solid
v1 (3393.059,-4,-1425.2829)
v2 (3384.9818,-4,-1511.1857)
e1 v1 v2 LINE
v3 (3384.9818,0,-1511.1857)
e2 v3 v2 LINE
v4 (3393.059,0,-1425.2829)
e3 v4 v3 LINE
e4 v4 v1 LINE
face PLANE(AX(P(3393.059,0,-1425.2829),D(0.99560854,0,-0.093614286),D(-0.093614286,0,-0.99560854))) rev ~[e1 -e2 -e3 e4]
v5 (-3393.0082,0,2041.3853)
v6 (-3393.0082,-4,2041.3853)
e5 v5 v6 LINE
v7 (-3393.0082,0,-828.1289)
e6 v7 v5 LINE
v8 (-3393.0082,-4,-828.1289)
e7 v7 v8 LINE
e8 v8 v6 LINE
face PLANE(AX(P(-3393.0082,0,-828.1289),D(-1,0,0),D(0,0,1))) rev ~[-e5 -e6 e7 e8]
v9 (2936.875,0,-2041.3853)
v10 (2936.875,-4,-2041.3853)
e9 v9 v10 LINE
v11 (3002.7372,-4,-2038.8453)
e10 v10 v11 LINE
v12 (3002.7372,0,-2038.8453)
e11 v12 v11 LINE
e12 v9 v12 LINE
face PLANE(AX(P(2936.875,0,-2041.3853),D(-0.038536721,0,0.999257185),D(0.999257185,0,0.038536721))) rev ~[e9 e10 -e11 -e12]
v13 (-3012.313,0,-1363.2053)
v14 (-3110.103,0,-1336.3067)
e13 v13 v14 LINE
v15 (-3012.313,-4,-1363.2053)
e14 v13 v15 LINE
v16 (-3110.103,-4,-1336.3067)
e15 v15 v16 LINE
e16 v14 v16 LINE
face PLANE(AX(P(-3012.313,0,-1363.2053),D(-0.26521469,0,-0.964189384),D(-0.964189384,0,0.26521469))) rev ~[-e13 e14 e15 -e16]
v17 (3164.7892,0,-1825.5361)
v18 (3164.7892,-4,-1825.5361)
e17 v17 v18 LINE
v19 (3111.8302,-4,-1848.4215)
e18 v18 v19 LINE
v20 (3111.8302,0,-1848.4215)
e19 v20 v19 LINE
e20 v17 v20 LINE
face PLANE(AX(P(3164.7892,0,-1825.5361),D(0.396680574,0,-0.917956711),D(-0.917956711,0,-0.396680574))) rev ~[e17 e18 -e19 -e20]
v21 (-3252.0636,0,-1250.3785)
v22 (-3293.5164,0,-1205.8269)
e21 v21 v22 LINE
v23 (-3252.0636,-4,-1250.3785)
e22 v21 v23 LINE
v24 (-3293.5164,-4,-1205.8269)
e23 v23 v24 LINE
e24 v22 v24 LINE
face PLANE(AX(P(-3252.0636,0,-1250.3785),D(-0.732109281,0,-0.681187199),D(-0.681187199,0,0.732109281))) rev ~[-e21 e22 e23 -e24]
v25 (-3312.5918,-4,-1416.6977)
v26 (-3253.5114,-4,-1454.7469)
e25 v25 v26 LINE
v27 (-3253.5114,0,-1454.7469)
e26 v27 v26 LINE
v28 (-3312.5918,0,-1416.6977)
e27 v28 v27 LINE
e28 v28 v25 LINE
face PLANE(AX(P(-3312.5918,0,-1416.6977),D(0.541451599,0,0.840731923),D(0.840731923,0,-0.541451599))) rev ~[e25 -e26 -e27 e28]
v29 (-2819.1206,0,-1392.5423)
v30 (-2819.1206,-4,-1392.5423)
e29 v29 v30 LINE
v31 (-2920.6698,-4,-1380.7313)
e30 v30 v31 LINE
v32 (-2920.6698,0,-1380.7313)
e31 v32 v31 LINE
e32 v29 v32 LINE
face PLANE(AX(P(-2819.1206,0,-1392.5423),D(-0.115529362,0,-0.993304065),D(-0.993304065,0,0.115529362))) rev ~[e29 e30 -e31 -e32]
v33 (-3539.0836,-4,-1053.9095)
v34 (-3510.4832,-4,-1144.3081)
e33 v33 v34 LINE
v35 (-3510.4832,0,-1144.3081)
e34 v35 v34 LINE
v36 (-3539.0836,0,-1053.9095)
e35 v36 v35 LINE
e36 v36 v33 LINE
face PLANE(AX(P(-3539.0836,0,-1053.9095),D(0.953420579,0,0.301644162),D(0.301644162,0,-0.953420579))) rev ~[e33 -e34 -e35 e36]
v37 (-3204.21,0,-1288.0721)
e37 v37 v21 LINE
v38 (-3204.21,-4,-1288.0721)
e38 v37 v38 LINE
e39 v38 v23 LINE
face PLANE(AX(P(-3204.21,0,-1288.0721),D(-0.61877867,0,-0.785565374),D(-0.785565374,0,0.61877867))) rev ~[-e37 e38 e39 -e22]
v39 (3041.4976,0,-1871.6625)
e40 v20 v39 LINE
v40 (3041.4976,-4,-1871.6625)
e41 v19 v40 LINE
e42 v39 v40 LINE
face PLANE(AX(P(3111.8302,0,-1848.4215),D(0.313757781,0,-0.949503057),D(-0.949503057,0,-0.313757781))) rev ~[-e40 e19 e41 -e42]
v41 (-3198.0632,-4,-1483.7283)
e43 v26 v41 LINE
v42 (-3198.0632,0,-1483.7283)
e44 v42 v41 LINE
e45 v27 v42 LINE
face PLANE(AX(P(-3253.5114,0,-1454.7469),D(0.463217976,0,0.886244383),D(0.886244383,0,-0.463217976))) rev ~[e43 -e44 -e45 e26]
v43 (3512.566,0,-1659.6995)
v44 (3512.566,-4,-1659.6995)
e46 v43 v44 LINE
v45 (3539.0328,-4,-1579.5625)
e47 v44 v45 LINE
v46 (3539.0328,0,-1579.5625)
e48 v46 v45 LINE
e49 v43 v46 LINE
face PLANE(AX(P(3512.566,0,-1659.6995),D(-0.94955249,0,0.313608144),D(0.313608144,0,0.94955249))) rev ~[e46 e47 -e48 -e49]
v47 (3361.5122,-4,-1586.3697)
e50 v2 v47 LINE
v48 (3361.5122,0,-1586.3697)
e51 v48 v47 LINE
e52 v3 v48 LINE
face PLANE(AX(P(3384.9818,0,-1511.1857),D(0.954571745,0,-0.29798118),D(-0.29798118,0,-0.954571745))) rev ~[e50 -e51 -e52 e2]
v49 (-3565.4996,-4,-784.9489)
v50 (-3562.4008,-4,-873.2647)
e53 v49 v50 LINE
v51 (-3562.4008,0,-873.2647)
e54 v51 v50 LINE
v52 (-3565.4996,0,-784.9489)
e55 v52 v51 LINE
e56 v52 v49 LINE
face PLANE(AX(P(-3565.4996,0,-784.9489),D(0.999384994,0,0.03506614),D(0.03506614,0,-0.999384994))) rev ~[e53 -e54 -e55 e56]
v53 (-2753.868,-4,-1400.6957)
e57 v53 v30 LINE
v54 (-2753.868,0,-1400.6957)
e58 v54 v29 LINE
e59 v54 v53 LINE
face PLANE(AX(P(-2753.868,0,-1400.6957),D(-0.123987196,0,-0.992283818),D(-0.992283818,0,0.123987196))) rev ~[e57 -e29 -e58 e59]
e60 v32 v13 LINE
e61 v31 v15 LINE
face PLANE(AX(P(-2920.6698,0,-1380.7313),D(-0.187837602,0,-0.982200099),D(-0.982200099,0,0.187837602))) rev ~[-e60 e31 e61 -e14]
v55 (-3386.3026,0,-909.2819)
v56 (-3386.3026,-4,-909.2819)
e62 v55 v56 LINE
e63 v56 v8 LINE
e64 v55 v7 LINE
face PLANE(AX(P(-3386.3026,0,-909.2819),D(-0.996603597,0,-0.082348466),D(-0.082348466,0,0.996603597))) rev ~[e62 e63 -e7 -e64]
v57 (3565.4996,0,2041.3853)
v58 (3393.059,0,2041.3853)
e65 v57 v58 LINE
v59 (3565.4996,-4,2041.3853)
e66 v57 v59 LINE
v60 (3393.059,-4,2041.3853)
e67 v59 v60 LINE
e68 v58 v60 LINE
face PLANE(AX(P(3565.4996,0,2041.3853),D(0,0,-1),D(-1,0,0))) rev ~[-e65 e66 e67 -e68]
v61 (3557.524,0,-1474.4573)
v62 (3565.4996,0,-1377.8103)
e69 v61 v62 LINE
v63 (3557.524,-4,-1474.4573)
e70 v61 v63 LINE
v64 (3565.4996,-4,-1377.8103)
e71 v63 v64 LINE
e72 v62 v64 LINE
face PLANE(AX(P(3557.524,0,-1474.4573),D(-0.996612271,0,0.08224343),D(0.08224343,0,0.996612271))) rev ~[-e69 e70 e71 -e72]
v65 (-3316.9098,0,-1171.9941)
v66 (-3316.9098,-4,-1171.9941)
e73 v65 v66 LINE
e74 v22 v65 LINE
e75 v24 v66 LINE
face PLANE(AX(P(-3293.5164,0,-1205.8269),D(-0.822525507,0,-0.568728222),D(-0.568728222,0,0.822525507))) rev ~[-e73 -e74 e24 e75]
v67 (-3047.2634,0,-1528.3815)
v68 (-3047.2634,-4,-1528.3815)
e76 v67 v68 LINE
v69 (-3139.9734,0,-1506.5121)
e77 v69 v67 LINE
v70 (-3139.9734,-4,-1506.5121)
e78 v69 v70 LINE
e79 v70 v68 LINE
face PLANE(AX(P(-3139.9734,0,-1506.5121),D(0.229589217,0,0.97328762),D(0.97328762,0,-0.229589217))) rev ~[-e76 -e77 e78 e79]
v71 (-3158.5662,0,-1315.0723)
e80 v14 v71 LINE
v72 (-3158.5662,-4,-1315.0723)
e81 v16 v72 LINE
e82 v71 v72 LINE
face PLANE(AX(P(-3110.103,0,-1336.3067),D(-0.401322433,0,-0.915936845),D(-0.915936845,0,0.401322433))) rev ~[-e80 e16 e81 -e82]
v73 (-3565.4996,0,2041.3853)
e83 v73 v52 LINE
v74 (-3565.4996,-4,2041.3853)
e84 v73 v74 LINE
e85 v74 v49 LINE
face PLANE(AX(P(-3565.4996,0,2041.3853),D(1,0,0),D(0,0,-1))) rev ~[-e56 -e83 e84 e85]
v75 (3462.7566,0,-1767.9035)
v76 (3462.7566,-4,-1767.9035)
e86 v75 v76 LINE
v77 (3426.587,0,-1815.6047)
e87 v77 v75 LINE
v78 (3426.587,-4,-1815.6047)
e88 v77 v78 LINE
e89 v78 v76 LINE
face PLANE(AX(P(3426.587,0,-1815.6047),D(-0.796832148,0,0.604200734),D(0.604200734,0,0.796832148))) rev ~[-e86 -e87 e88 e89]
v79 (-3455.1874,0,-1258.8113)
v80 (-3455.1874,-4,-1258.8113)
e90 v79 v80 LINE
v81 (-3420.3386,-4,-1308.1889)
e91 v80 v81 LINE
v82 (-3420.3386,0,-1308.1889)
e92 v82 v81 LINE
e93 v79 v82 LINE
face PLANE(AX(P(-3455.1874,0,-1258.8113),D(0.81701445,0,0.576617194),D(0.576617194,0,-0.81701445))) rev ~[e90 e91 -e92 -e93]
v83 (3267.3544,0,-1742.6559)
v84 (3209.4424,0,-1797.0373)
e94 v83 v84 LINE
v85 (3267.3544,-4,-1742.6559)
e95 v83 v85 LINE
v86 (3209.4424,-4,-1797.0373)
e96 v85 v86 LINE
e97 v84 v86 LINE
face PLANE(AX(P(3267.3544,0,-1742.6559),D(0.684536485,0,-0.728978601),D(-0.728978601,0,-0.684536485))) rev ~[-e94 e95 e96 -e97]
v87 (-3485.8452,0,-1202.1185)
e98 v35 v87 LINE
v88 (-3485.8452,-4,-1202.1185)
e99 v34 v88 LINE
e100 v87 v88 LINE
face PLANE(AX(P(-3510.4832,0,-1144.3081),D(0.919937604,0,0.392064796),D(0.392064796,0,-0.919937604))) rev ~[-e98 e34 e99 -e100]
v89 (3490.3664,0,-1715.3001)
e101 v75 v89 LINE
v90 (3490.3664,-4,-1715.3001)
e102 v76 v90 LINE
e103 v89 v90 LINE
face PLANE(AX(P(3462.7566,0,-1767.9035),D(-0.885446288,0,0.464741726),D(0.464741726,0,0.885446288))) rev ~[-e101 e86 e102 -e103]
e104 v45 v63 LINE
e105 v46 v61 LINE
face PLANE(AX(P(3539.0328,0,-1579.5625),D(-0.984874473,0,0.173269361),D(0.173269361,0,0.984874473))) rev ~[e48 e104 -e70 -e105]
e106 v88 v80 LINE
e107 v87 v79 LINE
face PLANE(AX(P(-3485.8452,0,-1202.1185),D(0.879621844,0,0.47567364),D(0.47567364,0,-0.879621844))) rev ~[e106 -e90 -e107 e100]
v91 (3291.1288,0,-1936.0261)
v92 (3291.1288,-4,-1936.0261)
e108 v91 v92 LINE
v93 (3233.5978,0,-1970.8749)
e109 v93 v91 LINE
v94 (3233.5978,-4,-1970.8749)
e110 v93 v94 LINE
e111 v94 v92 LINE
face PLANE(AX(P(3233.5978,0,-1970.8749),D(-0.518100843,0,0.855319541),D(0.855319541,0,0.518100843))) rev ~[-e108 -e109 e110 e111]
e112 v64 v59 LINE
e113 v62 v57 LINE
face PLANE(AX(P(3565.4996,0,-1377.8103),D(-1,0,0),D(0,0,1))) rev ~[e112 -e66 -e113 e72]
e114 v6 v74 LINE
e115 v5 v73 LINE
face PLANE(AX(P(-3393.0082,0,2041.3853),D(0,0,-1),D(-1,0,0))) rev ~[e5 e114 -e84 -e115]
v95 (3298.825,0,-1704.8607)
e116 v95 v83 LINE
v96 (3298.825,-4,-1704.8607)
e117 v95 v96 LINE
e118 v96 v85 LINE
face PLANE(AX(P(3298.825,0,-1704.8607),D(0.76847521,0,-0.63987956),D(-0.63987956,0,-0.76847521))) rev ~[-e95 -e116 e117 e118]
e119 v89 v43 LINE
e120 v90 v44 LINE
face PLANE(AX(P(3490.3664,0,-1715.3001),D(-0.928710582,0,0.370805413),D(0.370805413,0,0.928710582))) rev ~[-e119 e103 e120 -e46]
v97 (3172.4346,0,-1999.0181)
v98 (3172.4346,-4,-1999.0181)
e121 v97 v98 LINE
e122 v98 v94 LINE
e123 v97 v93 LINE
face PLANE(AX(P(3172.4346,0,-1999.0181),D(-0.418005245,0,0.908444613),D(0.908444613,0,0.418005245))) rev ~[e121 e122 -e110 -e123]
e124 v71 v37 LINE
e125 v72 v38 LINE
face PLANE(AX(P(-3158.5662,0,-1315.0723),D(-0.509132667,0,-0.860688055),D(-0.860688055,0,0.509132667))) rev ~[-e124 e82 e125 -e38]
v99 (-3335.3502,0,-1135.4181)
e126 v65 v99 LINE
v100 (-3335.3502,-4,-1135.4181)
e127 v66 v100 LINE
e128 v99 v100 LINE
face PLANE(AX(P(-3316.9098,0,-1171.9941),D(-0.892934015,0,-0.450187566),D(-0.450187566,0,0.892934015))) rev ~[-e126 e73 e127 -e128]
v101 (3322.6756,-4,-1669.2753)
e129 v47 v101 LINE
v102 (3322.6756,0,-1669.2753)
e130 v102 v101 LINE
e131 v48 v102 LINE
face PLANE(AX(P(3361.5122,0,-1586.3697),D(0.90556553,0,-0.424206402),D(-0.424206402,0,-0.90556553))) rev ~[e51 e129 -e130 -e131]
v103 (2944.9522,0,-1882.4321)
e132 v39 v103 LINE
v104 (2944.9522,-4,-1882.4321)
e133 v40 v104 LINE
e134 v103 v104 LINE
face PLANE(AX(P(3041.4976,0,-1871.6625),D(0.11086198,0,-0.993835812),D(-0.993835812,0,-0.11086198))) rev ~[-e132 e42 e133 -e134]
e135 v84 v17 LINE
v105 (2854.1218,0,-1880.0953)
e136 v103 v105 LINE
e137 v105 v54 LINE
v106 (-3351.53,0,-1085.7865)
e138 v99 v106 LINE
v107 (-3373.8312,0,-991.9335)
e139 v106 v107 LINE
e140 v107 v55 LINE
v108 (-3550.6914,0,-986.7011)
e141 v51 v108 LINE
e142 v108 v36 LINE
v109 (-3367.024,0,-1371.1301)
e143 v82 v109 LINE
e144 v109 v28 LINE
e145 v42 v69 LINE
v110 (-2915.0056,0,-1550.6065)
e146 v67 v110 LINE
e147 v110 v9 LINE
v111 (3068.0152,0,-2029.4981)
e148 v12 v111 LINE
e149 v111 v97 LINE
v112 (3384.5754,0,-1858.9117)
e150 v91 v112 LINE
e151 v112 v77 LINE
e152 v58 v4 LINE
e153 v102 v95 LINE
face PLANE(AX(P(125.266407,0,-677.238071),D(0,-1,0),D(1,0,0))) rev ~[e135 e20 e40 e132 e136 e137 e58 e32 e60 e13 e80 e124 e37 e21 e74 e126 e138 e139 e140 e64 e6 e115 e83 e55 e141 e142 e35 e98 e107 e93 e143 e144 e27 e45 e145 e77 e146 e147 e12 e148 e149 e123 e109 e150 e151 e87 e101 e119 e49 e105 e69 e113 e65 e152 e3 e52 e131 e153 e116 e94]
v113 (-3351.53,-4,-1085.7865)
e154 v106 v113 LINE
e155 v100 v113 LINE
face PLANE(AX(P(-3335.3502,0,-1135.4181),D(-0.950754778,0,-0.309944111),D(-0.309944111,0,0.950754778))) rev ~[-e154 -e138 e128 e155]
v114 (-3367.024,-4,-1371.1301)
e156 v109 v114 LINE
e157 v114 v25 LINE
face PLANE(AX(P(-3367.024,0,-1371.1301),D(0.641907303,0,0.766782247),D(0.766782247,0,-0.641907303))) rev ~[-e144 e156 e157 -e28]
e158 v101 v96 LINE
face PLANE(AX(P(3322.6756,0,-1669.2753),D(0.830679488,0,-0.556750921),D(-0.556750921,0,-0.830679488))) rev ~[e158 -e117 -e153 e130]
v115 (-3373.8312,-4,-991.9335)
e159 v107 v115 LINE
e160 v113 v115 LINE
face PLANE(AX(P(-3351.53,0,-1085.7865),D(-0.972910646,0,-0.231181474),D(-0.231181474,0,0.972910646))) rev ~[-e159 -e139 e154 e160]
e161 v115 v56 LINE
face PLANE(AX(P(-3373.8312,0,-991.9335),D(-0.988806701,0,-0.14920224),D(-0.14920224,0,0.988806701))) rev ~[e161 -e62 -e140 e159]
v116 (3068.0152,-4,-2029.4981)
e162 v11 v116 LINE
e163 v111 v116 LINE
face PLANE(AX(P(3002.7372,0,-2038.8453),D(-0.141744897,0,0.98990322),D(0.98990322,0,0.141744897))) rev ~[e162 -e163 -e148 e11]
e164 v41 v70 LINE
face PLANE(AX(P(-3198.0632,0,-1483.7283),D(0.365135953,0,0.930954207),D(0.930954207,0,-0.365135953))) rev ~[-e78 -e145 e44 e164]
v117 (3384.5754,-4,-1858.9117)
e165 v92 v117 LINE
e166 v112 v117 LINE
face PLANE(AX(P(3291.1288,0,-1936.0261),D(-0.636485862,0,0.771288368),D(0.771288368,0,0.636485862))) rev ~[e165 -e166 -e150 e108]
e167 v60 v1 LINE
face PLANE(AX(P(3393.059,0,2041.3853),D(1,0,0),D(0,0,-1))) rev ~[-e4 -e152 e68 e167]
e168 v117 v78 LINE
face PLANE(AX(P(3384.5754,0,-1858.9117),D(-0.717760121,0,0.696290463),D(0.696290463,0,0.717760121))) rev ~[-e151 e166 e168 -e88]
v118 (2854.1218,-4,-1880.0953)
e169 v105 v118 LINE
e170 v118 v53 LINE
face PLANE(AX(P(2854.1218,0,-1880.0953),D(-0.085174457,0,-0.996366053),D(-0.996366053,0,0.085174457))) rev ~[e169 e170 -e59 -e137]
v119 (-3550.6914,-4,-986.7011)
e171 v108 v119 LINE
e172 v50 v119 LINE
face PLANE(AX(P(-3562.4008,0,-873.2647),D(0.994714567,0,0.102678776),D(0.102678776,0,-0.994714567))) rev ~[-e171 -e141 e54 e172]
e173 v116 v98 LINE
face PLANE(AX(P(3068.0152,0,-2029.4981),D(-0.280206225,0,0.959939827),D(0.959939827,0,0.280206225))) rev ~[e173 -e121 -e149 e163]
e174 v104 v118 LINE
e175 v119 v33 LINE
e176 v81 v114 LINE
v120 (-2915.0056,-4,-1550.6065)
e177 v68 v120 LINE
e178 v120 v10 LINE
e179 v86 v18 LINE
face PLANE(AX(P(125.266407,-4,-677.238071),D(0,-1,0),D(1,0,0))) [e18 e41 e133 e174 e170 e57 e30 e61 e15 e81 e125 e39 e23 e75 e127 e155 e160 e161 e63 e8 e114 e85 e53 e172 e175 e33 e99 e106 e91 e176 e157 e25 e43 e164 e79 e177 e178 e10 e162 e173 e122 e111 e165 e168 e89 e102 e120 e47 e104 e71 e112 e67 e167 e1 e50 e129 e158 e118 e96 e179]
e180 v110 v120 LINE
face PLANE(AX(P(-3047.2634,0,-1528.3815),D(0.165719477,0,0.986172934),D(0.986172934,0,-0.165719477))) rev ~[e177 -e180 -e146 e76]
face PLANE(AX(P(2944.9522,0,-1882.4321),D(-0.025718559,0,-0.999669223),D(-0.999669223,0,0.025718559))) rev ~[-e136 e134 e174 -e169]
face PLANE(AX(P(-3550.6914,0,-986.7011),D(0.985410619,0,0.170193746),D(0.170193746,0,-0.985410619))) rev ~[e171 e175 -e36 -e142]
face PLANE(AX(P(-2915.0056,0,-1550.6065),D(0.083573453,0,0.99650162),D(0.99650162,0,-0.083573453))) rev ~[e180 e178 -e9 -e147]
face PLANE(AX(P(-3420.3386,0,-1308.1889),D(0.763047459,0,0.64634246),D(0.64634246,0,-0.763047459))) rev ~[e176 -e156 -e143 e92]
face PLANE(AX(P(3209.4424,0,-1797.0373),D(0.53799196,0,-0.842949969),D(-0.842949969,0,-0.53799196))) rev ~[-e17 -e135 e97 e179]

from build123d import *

# Parameters (mm, degrees)
F1_DEPTH = 4


with BuildPart() as f1:
    # F0 (on Front) → F1 (new body)
    with BuildSketch(Plane.XZ):
        Polygon((-3393.0082, 2041.3853), (-3565.4996, 2041.3853), (-3565.4996, -784.9489), (-3562.4008, -873.2647), (-3550.6914, -986.7011), (-3539.0836, -1053.9095), (-3510.4832, -1144.3081), (-3485.8452, -1202.1185), (-3455.1874, -1258.8113), (-3420.3386, -1308.1889), (-3367.024, -1371.1301), (-3312.5918, -1416.6977), (-3253.5114, -1454.7469), (-3198.0632, -1483.7283), (-3139.9734, -1506.5121), (-3047.2634, -1528.3815), (-2915.0056, -1550.6065), (2936.875, -2041.3853), (3002.7372, -2038.8453), (3068.0152, -2029.4981), (3172.4346, -1999.0181), (3233.5978, -1970.8749), (3291.1288, -1936.0261), (3384.5754, -1858.9117), (3426.587, -1815.6047), (3462.7566, -1767.9035), (3490.3664, -1715.3001), (3512.566, -1659.6995), (3539.0328, -1579.5625), (3557.524, -1474.4573), (3565.4996, -1377.8103), (3565.4996, 2041.3853), (3393.059, 2041.3853), (3393.059, -1425.2829), (3384.9818, -1511.1857), (3361.5122, -1586.3697), (3322.6756, -1669.2753), (3298.825, -1704.8607), (3267.3544, -1742.6559), (3209.4424, -1797.0373), (3164.7892, -1825.5361), (3111.8302, -1848.4215), (3041.4976, -1871.6625), (2944.9522, -1882.4321), (2854.1218, -1880.0953), (-2753.868, -1400.6957), (-2819.1206, -1392.5423), (-2920.6698, -1380.7313), (-3012.313, -1363.2053), (-3110.103, -1336.3067), (-3158.5662, -1315.0723), (-3204.21, -1288.0721), (-3252.0636, -1250.3785), (-3293.5164, -1205.8269), (-3316.9098, -1171.9941), (-3335.3502, -1135.4181), (-3351.53, -1085.7865), (-3373.8312, -991.9335), (-3386.3026, -909.2819), (-3393.0082, -828.1289), align=None)
    extrude(amount=F1_DEPTH)


solid = f1.part
